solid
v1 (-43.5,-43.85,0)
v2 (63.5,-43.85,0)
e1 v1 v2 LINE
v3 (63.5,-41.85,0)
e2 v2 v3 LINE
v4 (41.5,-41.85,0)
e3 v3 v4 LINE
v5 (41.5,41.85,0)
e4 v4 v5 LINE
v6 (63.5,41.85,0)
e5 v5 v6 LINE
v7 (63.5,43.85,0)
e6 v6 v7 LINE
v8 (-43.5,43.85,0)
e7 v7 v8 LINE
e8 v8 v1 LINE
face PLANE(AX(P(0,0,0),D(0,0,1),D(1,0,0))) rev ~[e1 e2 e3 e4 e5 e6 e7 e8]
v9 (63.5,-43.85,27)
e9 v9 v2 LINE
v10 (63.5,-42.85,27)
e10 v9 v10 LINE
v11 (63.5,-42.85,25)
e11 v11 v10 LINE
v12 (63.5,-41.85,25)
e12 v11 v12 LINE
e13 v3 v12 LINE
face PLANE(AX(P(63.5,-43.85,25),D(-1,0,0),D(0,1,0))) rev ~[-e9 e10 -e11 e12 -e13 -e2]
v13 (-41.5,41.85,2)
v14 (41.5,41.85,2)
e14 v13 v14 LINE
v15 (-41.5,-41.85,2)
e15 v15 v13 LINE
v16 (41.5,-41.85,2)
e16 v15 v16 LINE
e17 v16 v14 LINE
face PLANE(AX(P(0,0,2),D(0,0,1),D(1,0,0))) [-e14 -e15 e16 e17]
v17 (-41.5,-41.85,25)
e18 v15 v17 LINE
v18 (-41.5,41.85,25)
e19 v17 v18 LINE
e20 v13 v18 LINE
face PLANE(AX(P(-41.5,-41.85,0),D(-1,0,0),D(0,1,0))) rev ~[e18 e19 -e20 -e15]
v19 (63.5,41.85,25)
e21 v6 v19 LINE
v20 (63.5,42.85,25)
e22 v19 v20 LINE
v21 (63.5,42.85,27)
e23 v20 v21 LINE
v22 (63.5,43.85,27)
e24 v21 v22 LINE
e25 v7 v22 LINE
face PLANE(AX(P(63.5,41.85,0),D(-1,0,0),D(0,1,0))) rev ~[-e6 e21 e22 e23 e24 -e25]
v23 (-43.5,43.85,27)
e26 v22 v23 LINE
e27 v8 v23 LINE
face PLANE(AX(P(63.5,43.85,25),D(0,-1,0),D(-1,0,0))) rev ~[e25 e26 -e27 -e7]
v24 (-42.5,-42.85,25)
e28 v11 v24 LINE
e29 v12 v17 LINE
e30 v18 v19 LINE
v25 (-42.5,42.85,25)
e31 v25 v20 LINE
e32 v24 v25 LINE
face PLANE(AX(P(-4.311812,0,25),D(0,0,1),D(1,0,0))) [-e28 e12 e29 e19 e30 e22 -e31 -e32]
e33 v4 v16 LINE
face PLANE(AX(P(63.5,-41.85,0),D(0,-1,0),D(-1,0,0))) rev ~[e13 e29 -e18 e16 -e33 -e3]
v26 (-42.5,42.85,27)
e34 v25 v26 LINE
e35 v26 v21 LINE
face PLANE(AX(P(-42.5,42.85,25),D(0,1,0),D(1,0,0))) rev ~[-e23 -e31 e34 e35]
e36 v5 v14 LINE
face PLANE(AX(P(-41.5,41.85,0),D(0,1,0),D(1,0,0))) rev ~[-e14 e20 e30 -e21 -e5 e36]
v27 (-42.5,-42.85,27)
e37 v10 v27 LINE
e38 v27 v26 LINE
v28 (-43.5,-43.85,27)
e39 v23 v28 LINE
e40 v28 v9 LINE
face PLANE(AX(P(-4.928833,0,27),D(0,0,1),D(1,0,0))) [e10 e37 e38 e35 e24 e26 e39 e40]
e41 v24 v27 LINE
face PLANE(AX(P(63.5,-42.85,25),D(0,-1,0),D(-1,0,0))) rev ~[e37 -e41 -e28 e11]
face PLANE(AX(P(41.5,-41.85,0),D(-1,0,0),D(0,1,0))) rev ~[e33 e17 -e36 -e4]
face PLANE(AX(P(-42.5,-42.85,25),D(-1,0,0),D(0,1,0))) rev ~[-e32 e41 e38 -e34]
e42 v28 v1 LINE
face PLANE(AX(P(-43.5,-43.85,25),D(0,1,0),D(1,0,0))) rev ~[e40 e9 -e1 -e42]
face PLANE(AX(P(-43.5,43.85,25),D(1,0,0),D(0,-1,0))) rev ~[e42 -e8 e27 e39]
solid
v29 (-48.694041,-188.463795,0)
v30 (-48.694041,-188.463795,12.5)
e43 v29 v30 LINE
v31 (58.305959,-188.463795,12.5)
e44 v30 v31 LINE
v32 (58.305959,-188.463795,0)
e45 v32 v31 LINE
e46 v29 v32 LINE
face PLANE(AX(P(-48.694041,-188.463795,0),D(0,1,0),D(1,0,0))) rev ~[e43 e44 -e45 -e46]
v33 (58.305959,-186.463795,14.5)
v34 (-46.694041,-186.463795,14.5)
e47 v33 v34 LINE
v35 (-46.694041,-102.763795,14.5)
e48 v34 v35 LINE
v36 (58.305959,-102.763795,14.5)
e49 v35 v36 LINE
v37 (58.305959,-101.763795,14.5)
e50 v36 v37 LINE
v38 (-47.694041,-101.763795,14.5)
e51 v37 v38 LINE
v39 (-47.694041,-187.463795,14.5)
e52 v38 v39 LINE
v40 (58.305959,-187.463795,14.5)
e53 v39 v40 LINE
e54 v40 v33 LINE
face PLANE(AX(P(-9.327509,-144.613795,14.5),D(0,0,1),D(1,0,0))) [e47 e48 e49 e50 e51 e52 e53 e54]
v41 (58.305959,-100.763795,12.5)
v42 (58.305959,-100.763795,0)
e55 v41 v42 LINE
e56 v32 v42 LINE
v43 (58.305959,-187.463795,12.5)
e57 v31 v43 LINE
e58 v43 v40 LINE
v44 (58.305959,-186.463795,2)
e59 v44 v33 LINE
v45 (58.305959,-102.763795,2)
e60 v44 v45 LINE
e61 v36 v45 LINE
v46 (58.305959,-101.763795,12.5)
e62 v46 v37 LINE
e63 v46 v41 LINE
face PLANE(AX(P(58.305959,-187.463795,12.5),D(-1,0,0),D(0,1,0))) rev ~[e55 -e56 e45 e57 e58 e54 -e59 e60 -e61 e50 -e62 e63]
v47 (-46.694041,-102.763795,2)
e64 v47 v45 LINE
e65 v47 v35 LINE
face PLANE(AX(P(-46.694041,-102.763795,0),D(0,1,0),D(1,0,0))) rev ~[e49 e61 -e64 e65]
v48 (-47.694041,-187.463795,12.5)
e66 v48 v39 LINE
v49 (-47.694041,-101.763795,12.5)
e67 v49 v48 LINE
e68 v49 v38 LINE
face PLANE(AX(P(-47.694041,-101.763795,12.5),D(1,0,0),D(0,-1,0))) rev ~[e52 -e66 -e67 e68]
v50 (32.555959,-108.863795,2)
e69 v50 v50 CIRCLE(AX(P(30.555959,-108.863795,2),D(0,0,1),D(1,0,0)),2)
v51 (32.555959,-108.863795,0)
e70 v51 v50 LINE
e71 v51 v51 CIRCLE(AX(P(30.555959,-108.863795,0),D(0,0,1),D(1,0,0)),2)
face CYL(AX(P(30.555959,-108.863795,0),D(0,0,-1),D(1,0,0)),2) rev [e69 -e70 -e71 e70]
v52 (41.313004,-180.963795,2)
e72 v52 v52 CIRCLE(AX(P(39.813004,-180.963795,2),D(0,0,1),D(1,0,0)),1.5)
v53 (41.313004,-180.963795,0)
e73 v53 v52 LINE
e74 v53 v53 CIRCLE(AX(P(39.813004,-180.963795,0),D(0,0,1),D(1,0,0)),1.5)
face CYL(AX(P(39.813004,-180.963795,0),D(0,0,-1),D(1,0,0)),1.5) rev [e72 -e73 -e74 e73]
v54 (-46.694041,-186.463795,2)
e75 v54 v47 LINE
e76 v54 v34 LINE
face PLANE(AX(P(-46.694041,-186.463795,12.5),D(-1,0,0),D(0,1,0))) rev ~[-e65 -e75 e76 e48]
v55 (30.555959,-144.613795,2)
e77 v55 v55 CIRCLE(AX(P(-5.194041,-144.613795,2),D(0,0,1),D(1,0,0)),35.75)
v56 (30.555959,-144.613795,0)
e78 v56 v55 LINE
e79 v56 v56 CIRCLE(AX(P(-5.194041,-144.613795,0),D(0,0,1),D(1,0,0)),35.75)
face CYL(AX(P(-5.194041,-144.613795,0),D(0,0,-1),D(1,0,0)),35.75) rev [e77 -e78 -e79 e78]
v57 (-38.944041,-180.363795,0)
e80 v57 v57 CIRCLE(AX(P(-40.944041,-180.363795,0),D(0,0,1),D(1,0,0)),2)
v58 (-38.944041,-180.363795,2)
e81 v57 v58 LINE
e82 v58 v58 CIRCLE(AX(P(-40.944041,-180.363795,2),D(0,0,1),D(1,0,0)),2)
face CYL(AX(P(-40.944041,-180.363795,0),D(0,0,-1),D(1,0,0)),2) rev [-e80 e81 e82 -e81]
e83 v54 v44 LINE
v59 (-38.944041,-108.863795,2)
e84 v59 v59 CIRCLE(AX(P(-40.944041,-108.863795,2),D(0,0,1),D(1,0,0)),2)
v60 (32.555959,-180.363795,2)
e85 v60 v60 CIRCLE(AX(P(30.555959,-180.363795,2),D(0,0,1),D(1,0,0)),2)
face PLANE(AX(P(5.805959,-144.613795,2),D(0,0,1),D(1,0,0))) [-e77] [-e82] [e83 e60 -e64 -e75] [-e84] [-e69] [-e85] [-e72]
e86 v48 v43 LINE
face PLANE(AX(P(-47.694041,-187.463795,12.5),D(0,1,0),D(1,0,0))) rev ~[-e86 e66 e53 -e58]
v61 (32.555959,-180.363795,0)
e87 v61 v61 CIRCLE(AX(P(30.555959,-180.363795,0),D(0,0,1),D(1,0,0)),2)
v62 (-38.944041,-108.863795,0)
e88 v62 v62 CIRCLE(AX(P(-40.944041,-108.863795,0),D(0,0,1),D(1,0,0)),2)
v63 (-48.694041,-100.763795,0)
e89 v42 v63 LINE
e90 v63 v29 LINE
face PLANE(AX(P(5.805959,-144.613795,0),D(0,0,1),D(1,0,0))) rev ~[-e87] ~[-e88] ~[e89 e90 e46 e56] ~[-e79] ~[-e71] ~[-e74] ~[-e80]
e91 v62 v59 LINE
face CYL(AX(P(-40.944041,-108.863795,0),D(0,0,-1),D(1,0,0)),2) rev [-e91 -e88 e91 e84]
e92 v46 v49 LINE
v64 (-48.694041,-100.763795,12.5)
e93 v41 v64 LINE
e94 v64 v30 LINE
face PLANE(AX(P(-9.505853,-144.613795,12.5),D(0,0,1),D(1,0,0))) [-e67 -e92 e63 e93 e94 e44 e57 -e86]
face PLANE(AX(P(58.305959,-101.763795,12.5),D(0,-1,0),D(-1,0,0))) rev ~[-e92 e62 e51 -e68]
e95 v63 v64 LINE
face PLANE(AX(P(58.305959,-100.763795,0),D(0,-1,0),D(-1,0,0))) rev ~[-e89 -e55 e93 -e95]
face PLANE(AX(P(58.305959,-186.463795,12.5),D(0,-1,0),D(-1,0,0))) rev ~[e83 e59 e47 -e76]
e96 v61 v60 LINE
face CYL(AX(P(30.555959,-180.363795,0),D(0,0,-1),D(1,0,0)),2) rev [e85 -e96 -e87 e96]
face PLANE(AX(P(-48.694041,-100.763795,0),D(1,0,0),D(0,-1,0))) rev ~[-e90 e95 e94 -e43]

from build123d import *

# Parameters (mm, degrees)
F1_DEPTH  = 25
F0_W      = 83
F0_H      = 83.7
F2_DEPTH  = 2
F5_DEPTH  = 2
F6_DEPTH  = 2
F7_DEPTH  = 12.5
F3_W      = 105
F3_H      = 83.7
F3_R      = 2
F3_R_2    = 1.5
F3_R_3    = 35.75
F8_DEPTH  = 2
F10_DEPTH = 2


with BuildPart() as f1:
    # F0 (on Top) → F1 (new body)
    with BuildSketch(Plane.XY):
        Polygon((63.5, -41.85), (41.5, -41.85), (-41.5, -41.85), (-41.5, 41.85), (41.5, 41.85), (63.5, 41.85), (63.5, 43.85), (-43.5, 43.85), (-43.5, -43.85), (63.5, -43.85), align=None)
    extrude(amount=F1_DEPTH)

    # F0 (on Top) → F2 (join)
    with BuildSketch(Plane.XY):
        Rectangle(F0_W, F0_H)
    extrude(amount=F2_DEPTH)

    # F4 (on face) → F5 (join)
    with BuildSketch(Plane.XY.offset(25)):
        Polygon((63.5, -42.85), (-42.5, -42.85), (-42.5, 42.85), (63.5, 42.85), (63.5, 43.85), (-43.5, 43.85), (-43.5, -43.85), (63.5, -43.85), align=None)
    extrude(amount=F5_DEPTH)


with BuildPart() as f6:
    # F3 (on Top) → F6 (new body)
    with BuildSketch(Plane.XY):
        Polygon((58.305959, -100.763795), (-48.694041, -100.763795), (-48.694041, -188.463795), (58.305959, -188.463795), (58.305959, -186.463795), (-46.694041, -186.463795), (-46.694041, -102.763795), (58.305959, -102.763795), align=None)
    extrude(amount=F6_DEPTH)

    # F3 (on Top) → F7 (join)
    with BuildSketch(Plane.XY):
        Polygon((58.305959, -100.763795), (-48.694041, -100.763795), (-48.694041, -188.463795), (58.305959, -188.463795), (58.305959, -186.463795), (-46.694041, -186.463795), (-46.694041, -102.763795), (58.305959, -102.763795), align=None)
    extrude(amount=F7_DEPTH)

    # F3 (on Top) → F8 (join)
    with BuildSketch(Plane.XY):
        with Locations((5.805959, -144.613795)):
            Rectangle(F3_W, F3_H)
        with Locations((-40.944041, -180.363795)):
            Circle(F3_R, mode=Mode.SUBTRACT)
        with Locations((30.555959, -180.363795)):
            Circle(F3_R, mode=Mode.SUBTRACT)
        with Locations((39.813004, -180.963795)):
            Circle(F3_R_2, mode=Mode.SUBTRACT)
        with Locations((-5.194041, -144.613795)):
            Circle(F3_R_3, mode=Mode.SUBTRACT)
        with Locations((-40.944041, -108.863795)):
            Circle(F3_R, mode=Mode.SUBTRACT)
        with Locations((30.555959, -108.863795)):
            Circle(F3_R, mode=Mode.SUBTRACT)
    extrude(amount=F8_DEPTH)

    # F9 (on face) → F10 (join)
    with BuildSketch(Plane.XY.offset(12.5)):
        Polygon((58.305959, -187.463795), (58.305959, -186.463795), (-46.694041, -186.463795), (-46.694041, -102.763795), (58.305959, -102.763795), (58.305959, -101.763795), (-47.694041, -101.763795), (-47.694041, -187.463795), align=None)
    extrude(amount=F10_DEPTH)


solid = Compound([f1.part, f6.part])
